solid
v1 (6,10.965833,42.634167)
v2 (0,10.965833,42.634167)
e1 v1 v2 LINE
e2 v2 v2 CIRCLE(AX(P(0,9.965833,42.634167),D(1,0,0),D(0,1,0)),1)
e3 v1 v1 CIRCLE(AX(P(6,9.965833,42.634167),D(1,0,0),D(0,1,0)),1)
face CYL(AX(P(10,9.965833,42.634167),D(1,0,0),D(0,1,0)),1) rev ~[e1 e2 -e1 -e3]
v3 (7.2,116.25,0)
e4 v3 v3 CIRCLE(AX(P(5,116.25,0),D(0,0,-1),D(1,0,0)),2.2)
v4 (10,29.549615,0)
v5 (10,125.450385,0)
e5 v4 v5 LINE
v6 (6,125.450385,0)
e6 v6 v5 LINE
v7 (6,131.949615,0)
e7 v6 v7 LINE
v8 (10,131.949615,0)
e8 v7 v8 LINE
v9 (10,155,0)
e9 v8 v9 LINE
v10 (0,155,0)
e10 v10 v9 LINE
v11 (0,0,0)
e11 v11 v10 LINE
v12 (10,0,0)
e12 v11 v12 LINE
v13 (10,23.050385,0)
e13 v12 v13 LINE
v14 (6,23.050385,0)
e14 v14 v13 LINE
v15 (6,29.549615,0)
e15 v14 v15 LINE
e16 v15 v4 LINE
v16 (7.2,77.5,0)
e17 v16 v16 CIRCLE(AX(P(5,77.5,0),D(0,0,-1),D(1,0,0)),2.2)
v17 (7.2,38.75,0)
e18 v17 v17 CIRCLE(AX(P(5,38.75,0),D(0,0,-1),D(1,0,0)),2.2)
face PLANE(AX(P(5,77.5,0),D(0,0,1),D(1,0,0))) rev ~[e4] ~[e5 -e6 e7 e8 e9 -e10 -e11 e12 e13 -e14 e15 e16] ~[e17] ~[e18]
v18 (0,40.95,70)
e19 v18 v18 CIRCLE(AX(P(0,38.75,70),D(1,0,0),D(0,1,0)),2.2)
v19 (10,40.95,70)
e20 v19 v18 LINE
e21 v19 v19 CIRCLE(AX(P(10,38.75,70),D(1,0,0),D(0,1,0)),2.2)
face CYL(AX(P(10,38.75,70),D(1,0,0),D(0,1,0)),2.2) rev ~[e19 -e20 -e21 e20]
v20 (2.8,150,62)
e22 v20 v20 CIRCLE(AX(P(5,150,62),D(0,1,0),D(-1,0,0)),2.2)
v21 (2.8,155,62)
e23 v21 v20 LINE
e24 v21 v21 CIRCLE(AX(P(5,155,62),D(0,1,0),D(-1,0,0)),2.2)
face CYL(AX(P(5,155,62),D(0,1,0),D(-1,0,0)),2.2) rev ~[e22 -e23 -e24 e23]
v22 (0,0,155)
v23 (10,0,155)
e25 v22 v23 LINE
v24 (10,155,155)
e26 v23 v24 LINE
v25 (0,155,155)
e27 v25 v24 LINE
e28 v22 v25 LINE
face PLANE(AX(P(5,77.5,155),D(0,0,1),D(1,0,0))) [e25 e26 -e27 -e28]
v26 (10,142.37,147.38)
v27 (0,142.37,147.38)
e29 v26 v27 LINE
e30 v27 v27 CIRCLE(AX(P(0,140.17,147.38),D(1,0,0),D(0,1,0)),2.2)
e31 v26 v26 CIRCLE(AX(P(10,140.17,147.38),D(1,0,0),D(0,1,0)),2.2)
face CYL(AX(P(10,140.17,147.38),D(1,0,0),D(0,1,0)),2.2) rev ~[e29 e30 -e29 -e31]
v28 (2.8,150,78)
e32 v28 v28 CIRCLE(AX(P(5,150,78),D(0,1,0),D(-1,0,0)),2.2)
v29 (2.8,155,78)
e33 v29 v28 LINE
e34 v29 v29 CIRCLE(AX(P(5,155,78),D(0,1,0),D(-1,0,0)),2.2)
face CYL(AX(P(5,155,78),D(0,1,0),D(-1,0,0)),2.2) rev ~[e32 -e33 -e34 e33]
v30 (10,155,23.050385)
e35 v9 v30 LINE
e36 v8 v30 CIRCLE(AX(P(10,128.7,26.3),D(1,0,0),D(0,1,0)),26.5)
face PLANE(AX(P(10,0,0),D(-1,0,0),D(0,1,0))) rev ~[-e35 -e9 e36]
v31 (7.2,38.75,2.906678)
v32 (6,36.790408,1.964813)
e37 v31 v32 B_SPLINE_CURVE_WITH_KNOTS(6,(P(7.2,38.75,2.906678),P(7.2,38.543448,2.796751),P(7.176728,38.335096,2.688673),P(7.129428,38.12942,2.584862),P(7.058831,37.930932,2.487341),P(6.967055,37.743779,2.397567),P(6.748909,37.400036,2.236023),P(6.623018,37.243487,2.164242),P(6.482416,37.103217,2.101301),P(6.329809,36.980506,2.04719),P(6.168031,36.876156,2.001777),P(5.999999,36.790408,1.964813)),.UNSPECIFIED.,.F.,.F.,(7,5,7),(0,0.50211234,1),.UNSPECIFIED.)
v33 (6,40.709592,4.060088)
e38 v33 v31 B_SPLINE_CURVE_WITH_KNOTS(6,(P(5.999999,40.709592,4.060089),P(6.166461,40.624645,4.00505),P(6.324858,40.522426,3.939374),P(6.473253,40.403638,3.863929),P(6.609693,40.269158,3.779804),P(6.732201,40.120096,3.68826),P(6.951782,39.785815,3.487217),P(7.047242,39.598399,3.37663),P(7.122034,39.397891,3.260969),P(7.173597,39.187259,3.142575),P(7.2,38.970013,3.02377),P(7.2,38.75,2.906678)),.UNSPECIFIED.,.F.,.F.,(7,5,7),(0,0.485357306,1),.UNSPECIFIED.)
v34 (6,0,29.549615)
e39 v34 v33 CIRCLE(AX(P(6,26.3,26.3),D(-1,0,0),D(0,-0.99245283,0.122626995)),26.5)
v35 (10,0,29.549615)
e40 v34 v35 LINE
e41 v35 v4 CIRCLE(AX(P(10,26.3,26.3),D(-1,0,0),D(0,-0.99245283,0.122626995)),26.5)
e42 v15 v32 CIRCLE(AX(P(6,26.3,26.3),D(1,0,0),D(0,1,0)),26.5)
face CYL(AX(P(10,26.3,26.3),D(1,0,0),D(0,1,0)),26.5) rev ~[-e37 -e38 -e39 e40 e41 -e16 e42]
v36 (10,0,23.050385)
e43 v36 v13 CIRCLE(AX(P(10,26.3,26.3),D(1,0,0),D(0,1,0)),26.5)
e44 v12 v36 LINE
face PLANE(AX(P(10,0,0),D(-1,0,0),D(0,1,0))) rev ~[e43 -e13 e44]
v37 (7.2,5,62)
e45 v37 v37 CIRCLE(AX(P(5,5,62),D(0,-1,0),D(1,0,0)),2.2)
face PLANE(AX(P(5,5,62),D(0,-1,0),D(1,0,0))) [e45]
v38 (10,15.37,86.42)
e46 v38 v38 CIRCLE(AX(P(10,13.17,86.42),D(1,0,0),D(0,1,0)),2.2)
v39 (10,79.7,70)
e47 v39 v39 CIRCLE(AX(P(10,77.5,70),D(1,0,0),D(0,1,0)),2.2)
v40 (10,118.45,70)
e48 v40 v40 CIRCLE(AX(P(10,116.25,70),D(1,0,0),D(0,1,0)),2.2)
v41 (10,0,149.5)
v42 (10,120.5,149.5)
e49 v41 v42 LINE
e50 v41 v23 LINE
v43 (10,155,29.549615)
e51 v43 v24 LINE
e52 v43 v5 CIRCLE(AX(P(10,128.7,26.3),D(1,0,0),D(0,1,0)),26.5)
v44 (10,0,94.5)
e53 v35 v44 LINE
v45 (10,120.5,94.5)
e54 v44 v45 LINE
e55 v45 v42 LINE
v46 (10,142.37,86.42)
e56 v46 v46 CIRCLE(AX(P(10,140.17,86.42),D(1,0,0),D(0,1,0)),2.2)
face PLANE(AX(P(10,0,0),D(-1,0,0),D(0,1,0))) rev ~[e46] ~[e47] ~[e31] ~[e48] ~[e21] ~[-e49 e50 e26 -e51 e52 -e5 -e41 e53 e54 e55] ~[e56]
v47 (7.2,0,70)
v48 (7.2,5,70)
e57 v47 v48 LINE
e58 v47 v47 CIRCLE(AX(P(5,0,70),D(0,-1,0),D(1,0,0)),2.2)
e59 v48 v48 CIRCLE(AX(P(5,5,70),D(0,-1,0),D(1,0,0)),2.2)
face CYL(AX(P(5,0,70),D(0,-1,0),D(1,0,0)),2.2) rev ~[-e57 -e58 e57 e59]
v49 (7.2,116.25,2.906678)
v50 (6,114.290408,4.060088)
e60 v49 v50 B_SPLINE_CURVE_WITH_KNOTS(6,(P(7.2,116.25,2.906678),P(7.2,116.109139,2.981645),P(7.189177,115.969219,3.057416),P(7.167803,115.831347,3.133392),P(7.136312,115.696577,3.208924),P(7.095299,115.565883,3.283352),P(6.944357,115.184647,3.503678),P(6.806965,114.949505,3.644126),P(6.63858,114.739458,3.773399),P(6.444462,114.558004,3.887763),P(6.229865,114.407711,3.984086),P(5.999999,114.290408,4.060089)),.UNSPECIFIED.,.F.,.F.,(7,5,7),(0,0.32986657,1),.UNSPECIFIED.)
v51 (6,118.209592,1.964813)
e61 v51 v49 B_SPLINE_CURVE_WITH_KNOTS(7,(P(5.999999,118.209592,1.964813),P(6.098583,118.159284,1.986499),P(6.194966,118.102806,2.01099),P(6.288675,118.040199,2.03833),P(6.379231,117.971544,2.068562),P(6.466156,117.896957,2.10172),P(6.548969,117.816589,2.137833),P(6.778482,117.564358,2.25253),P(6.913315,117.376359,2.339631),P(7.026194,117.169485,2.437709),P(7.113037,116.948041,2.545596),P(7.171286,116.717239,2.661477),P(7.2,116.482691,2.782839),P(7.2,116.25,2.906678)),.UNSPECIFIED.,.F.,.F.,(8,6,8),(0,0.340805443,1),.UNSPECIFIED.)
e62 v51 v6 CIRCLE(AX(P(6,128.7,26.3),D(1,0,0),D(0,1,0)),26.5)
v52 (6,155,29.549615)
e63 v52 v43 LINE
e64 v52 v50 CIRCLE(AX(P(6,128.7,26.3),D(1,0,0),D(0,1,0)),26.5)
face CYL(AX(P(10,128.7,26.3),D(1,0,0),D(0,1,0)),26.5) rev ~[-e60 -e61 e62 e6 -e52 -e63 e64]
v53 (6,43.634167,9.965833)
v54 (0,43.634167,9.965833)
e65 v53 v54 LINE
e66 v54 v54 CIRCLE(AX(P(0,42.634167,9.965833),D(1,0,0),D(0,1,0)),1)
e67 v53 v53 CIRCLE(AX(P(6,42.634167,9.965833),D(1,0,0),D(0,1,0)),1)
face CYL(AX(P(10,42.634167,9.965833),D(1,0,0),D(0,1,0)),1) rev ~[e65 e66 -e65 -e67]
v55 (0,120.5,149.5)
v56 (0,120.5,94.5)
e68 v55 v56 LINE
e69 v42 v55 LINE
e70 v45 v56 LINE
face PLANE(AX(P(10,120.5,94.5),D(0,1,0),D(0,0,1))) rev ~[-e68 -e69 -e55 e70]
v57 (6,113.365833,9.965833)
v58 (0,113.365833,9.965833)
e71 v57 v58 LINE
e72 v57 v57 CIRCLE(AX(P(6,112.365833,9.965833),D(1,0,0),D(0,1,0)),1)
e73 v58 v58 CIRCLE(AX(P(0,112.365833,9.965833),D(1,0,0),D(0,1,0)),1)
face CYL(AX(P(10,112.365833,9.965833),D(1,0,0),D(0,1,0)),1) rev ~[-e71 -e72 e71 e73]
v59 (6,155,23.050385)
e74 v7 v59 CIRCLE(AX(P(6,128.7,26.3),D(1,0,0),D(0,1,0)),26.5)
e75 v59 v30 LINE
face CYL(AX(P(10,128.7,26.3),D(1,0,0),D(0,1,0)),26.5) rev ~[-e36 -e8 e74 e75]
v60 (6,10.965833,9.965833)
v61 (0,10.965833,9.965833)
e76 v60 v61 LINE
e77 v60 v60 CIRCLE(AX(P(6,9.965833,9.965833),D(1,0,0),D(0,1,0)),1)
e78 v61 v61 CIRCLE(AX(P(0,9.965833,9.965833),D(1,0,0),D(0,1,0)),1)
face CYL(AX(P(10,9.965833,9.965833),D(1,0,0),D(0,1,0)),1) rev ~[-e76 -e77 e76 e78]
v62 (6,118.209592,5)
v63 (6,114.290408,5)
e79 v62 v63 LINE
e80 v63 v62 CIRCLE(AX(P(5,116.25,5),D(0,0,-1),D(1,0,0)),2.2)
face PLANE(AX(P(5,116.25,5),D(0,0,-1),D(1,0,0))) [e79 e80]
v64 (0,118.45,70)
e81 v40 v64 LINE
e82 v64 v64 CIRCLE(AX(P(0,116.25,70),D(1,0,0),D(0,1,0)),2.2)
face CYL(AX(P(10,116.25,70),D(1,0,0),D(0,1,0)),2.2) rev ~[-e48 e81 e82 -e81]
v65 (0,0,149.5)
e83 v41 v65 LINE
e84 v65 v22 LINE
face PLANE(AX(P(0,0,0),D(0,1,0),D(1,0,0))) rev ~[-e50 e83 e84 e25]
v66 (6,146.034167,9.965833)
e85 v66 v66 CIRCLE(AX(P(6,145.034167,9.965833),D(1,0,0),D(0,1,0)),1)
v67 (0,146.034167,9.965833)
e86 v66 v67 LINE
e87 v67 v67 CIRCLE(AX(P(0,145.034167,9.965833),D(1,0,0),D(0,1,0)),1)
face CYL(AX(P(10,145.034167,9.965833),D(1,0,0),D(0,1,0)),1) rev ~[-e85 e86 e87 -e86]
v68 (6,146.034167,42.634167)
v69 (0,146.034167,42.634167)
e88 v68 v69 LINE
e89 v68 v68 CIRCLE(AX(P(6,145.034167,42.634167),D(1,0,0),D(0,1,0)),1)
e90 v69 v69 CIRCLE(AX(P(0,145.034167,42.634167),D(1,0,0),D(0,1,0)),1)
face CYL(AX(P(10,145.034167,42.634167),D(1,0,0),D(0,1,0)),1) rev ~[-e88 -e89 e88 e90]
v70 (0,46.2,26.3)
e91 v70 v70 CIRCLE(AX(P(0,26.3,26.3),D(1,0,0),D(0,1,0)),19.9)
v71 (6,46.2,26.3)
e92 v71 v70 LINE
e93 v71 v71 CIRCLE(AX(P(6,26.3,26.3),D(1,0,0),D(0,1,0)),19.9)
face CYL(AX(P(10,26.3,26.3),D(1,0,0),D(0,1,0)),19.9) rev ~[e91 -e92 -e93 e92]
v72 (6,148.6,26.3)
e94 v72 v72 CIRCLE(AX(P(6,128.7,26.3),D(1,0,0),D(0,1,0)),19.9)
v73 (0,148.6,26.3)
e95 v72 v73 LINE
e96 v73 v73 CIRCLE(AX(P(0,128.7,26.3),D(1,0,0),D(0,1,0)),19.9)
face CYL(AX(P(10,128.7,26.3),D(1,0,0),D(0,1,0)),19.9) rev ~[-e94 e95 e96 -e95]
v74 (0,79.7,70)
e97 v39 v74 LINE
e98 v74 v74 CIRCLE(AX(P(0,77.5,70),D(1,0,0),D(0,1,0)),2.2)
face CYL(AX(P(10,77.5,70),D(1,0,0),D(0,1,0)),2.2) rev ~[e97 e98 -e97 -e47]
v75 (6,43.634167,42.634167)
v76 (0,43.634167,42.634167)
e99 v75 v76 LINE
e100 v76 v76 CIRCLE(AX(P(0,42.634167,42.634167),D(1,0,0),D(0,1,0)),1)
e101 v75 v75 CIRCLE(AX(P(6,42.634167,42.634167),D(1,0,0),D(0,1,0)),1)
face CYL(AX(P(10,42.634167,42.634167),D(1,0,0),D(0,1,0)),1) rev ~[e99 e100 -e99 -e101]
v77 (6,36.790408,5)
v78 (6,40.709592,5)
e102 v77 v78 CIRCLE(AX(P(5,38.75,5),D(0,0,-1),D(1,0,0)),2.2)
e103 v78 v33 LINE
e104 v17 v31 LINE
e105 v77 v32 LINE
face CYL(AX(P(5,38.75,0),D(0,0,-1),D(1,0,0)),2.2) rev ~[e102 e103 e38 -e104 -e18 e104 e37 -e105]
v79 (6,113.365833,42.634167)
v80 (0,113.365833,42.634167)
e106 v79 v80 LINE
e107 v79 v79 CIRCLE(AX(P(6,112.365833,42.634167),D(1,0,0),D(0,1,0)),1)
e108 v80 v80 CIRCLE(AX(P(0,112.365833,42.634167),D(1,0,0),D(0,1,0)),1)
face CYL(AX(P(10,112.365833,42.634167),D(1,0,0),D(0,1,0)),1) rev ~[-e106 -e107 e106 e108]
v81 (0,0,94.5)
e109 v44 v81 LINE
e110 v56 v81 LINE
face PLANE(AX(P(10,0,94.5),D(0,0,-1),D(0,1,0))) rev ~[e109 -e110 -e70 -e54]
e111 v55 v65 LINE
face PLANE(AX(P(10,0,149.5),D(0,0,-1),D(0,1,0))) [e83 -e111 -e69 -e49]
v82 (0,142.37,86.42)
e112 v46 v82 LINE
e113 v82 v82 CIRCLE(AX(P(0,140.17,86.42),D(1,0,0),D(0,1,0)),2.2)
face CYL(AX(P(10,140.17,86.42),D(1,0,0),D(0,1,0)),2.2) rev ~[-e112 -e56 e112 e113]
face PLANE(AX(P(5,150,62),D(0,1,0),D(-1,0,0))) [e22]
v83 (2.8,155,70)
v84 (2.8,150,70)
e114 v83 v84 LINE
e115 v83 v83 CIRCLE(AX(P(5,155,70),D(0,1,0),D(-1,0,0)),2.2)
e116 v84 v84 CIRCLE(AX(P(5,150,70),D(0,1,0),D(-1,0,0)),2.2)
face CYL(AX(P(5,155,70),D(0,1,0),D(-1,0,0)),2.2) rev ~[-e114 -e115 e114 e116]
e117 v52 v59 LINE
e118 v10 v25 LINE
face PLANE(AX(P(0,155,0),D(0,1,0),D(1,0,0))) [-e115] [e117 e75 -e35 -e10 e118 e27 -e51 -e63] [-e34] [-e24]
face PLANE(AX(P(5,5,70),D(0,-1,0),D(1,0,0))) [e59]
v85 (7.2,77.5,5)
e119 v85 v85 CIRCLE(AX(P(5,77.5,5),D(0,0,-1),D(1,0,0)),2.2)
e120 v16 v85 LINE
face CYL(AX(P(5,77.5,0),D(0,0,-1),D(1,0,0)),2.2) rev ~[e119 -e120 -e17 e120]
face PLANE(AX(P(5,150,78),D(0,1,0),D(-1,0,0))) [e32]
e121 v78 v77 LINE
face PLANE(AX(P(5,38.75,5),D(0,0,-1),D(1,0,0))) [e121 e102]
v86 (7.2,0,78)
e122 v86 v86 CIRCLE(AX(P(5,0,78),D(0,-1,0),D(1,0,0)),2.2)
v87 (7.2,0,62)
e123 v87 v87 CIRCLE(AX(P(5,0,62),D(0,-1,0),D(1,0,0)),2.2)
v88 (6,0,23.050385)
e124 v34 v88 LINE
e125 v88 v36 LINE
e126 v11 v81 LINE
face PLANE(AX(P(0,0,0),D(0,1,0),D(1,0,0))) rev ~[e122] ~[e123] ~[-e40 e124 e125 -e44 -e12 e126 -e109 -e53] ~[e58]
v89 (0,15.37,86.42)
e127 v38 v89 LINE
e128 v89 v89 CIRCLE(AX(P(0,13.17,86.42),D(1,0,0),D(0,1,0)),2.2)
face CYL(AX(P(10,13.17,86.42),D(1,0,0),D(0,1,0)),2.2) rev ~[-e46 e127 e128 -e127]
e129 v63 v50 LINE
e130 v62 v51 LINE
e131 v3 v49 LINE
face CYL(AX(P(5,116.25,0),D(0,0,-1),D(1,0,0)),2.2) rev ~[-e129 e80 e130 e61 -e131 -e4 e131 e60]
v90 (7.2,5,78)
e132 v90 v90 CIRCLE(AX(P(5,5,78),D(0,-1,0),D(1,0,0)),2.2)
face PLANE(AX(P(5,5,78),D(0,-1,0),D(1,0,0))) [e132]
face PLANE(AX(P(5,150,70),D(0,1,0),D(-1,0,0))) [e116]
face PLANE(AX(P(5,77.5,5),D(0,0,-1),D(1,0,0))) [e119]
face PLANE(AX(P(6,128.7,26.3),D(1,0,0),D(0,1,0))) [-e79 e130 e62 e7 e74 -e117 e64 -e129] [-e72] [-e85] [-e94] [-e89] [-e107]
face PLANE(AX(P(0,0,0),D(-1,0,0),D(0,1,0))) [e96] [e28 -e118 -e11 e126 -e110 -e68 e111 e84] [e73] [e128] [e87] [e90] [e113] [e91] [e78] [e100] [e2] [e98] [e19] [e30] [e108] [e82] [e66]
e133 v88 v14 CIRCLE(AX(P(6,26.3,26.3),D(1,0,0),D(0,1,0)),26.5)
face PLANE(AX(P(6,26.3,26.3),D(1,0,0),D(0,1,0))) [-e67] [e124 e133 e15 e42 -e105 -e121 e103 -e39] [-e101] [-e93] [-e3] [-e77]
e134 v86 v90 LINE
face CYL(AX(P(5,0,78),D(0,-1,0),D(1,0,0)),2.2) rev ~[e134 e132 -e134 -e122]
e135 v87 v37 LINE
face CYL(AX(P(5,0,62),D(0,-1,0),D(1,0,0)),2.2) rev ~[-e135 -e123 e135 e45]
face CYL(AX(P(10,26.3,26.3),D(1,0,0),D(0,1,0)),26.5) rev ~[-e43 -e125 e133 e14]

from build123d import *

# Parameters (mm, degrees)
SKETCH_W        = 10
SKETCH_H        = 155
PAD_DEPTH       = 155
SKETCH001_R     = 19.9
SKETCH001_R_2   = 1
POCKET_DEPTH    = 10.001
SKETCH002_R     = 2.2
SKETCH002_W     = 120.5
SKETCH002_H     = 55
POCKET001_DEPTH = 10.001
SKETCH003_R     = 2.2
POCKET002_DEPTH = 10.001
SKETCH004_R     = 2.2
POCKET003_DEPTH = 5
SKETCH005_R     = 2.2
POCKET004_DEPTH = 5
SKETCH006_R     = 2.2
POCKET005_DEPTH = 5
SKETCH007_R     = 26.5
SKETCH007_R_2   = 19.9
POCKET006_DEPTH = 4


with BuildPart() as part:
    # Sketch → Pad (new body)
    with BuildSketch(Plane.XY):
        with Locations((5, 77.5)):
            Rectangle(SKETCH_W, SKETCH_H)
    extrude(amount=PAD_DEPTH)

    # Sketch001 (on Face2 of Pad) → Pocket (cut, through all)
    with BuildSketch(Plane.YZ.offset(10)):
        with Locations((26.3, 26.3)):
            Circle(SKETCH001_R)
        with Locations((128.7, 26.3)):
            Circle(SKETCH001_R)
        with Locations((42.634167, 42.634167)):
            Circle(SKETCH001_R_2)
        with Locations((42.634167, 9.965833)):
            Circle(SKETCH001_R_2)
        with Locations((9.965833, 9.965833)):
            Circle(SKETCH001_R_2)
        with Locations((9.965833, 42.634167)):
            Circle(SKETCH001_R_2)
        with Locations((112.365833, 42.634167)):
            Circle(SKETCH001_R_2)
        with Locations((145.034167, 42.634167)):
            Circle(SKETCH001_R_2)
        with Locations((145.034167, 9.965833)):
            Circle(SKETCH001_R_2)
        with Locations((112.365833, 9.965833)):
            Circle(SKETCH001_R_2)
    extrude(amount=-POCKET_DEPTH, mode=Mode.SUBTRACT)

    # Sketch002 (on Face3 of Pocket) → Pocket001 (cut, through all)
    with BuildSketch(Plane.YZ.offset(10)):
        with Locations((13.17, 86.42)):
            Circle(SKETCH002_R)
        with Locations((140.17, 86.42)):
            Circle(SKETCH002_R)
        with Locations((140.17, 147.38)):
            Circle(SKETCH002_R)
        with Locations((60.25, 122)):
            Rectangle(SKETCH002_W, SKETCH002_H)
    extrude(amount=-POCKET001_DEPTH, mode=Mode.SUBTRACT)

    # Sketch003 (on Face3 of Pocket001) → Pocket002 (cut, through all)
    with BuildSketch(Plane.YZ.offset(10)):
        with Locations((38.75, 70)):
            Circle(SKETCH003_R)
        with Locations((77.5, 70)):
            Circle(SKETCH003_R)
        with Locations((116.25, 70)):
            Circle(SKETCH003_R)
    extrude(amount=-POCKET002_DEPTH, mode=Mode.SUBTRACT)

    # Sketch004 (on Face1 of Pocket002) → Pocket003 (cut)
    with BuildSketch(Plane.XZ):
        with Locations((5, 70)):
            Circle(SKETCH004_R)
        with Locations((5, 62)):
            Circle(SKETCH004_R)
        with Locations((5, 78)):
            Circle(SKETCH004_R)
    extrude(amount=-POCKET003_DEPTH, mode=Mode.SUBTRACT)

    # Sketch005 (on Face9 of Pocket003) → Pocket004 (cut)
    with BuildSketch(Plane(origin=(0, 155, 0), x_dir=(-1, 0, 0), z_dir=(0, 1, 0))):
        with Locations((-5, 78)):
            Circle(SKETCH005_R)
        with Locations((-5, 70)):
            Circle(SKETCH005_R)
        with Locations((-5, 62)):
            Circle(SKETCH005_R)
    extrude(amount=-POCKET004_DEPTH, mode=Mode.SUBTRACT)

    # Sketch006 (on Face2 of Pocket004) → Pocket005 (cut)
    with BuildSketch(Plane(origin=(0, 0, 0), x_dir=(1, 0, 0), z_dir=(0, 0, -1))):
        with Locations((5, -38.75)):
            Circle(SKETCH006_R)
        with Locations((5, -77.5)):
            Circle(SKETCH006_R)
        with Locations((5, -116.25)):
            Circle(SKETCH006_R)
    extrude(amount=-POCKET005_DEPTH, mode=Mode.SUBTRACT)

    # Sketch007 (on Face4 of Pocket005) → Pocket006 (cut)
    with BuildSketch(Plane.YZ.offset(10)):
        with Locations((26.3, 26.3)):
            Circle(SKETCH007_R)
        with Locations((26.3, 26.3)):
            Circle(SKETCH007_R_2, mode=Mode.SUBTRACT)
        with Locations((128.7, 26.3)):
            Circle(SKETCH007_R)
        with Locations((128.7, 26.3)):
            Circle(SKETCH007_R_2, mode=Mode.SUBTRACT)
    extrude(amount=-POCKET006_DEPTH, mode=Mode.SUBTRACT)


solid = part.part
